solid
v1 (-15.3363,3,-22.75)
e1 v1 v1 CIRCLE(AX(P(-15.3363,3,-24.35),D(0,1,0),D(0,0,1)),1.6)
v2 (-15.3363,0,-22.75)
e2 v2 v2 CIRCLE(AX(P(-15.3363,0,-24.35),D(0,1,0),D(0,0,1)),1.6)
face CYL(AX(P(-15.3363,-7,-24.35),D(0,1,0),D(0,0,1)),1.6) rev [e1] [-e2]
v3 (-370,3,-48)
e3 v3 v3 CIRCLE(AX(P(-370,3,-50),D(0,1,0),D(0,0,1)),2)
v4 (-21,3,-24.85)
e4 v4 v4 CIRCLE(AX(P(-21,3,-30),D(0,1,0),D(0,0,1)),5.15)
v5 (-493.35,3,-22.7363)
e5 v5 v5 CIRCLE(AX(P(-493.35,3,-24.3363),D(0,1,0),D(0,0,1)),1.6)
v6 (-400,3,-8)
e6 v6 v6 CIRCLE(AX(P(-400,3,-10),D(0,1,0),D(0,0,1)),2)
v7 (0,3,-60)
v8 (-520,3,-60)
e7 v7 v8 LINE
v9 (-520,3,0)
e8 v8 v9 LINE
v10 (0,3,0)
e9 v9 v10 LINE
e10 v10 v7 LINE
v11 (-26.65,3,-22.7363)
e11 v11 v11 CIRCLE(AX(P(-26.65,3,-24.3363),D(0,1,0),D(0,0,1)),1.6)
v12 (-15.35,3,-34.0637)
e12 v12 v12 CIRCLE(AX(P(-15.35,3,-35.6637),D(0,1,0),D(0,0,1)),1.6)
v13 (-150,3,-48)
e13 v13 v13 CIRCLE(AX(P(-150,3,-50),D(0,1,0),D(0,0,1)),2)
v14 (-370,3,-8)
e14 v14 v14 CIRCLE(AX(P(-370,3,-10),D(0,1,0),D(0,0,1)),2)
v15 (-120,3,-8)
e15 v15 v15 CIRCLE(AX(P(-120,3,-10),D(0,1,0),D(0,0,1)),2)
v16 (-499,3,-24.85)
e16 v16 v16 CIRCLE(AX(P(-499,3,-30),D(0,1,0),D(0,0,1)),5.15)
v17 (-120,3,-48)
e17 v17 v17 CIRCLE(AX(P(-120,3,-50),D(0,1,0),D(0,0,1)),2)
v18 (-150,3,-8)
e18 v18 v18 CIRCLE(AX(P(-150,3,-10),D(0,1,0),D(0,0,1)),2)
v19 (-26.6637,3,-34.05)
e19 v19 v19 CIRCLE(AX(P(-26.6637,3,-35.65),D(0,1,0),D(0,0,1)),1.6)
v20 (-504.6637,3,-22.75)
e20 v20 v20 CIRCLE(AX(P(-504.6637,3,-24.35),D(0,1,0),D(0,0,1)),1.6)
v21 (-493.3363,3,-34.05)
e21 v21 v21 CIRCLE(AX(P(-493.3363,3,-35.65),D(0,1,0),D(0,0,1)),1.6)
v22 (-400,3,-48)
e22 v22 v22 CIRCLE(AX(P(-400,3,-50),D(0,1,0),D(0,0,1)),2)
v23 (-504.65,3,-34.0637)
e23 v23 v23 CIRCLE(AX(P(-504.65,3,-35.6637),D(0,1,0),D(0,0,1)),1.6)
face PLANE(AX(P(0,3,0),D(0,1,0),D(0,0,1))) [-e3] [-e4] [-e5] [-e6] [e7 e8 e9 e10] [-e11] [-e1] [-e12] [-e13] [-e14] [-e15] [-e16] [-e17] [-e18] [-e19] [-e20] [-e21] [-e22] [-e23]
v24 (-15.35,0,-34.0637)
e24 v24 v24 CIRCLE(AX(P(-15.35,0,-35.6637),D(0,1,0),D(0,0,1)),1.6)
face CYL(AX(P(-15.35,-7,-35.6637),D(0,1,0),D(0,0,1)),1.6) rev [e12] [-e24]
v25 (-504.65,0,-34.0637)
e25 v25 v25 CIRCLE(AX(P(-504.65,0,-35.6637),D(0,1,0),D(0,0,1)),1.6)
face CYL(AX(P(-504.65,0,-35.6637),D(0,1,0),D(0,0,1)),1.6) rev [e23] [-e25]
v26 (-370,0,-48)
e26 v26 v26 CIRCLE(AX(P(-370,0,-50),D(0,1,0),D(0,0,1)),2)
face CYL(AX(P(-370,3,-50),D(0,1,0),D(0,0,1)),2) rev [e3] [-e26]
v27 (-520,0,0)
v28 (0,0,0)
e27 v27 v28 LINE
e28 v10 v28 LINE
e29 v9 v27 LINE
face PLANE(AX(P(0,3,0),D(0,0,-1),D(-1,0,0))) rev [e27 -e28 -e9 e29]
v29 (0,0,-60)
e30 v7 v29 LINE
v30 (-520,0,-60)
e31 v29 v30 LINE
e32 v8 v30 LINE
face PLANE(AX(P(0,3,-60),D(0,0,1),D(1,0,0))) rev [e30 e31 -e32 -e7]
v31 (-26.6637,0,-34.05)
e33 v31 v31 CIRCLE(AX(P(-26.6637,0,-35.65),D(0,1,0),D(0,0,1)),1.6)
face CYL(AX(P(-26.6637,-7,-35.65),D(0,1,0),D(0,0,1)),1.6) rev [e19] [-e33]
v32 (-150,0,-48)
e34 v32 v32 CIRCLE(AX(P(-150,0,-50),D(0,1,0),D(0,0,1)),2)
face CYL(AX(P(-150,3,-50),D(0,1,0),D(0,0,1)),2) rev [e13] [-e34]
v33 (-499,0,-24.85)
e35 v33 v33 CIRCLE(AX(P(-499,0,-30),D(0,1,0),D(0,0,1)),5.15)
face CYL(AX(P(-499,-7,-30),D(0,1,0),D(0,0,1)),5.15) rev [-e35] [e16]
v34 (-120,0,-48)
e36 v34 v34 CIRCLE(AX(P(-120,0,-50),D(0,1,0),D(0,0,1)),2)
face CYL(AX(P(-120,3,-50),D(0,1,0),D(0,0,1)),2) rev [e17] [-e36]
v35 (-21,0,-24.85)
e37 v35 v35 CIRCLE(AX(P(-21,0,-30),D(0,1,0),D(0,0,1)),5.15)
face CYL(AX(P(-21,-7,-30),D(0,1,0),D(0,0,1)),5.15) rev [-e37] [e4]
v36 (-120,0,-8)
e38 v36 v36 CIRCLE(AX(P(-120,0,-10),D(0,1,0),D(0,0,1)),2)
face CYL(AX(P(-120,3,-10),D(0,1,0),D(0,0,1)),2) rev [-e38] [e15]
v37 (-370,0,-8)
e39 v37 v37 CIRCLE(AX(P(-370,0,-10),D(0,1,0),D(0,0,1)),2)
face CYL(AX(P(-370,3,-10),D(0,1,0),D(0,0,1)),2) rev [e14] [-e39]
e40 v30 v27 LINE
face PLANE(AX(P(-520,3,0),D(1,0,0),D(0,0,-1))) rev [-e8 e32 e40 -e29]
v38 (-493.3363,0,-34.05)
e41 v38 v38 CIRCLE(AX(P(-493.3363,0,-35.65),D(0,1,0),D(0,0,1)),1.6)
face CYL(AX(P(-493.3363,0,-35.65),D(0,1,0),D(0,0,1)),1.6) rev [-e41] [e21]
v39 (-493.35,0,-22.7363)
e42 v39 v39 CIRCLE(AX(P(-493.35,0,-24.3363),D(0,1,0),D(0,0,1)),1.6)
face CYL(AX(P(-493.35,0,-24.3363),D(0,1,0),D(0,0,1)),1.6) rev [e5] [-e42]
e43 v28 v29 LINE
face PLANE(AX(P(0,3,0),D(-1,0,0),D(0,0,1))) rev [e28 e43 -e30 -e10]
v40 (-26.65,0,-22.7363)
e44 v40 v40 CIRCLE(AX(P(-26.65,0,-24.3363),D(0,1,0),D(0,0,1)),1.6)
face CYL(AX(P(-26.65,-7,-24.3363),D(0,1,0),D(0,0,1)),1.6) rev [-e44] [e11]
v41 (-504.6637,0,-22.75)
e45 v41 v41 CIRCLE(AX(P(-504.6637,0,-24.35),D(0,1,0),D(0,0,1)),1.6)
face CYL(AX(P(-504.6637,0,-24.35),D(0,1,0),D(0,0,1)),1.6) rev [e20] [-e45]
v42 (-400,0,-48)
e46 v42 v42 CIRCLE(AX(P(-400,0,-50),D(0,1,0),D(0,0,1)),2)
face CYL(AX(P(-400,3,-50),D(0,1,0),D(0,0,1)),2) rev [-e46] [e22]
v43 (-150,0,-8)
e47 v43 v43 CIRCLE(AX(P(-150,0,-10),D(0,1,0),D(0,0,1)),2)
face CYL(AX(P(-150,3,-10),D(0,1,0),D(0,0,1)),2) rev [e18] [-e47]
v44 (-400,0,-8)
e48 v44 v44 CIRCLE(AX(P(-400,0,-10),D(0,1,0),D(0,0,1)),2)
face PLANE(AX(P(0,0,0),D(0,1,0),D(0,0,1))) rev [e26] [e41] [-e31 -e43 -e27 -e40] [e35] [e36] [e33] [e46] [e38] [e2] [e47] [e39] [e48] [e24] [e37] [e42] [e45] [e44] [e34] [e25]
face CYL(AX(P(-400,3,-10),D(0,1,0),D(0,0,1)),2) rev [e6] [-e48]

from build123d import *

# Parameters (mm, degrees)
SZKIC1_W                    = 520
SZKIC1_H                    = 60
DODANIE_WYCI_GNI_CIE1_DEPTH = 3
OTW_R_POD_RUB_M41_D         = 4
SZKIC8_R                    = 5.15
WYTNIJ_WYCI_GNI_CIE1_DEPTH  = 10
SZKIC9_R                    = 1.6
WYTNIJ_WYCI_GNI_CIE2_DEPTH  = 524.45868987
SZKIC10_R                   = 1.6
WYTNIJ_WYCI_GNI_CIE3_DEPTH  = 10


with BuildPart() as part:
    # Szkic1 → Dodanie-wyciągnięcie1 (new body)
    with BuildSketch(Plane(origin=(0, 0, 0), x_dir=(1, 0, 0), z_dir=(0, 1, 0))):
        with Locations((-260, 30)):
            Rectangle(SZKIC1_W, SZKIC1_H)
    extrude(amount=DODANIE_WYCI_GNI_CIE1_DEPTH)

    # Otwór pod śrubę M41 (through all)
    with Locations(Plane(origin=(0, 3, 0), x_dir=(1, 0, 0), z_dir=(0, 1, 0))):
        with Locations((-400, 50), (-370, 50), (-400, 10), (-370, 10), (-150, 50), (-120, 50), (-150, 10), (-120, 10)):
            Hole(OTW_R_POD_RUB_M41_D / 2)

    # Szkic8 → Wytnij-wyciągnięcie1 (cut)
    with BuildSketch(Plane(origin=(0, 3, 0), x_dir=(1, 0, 0), z_dir=(0, 1, 0))):
        with Locations(Location((-21, 30, 0), (0, 0, 270))):
            Circle(SZKIC8_R)
        with Locations(Location((-499, 30, 0), (0, 0, 270))):
            Circle(SZKIC8_R)
    extrude(amount=-WYTNIJ_WYCI_GNI_CIE1_DEPTH, mode=Mode.SUBTRACT)

    # Szkic9 → Wytnij-wyciągnięcie2 (cut, through all)
    with BuildSketch(Plane(origin=(0, 3, 0), x_dir=(1, 0, 0), z_dir=(0, 1, 0))):
        with Locations(Location((-504.65, 35.663700204, 0), (0, 0, 270))):
            Circle(SZKIC9_R)
        with Locations(Location((-493.336299796, 35.65, 0), (0, 0, 270))):
            Circle(SZKIC9_R)
        with Locations(Location((-493.35, 24.336299796, 0), (0, 0, 270))):
            Circle(SZKIC9_R)
        with Locations(Location((-504.663700204, 24.35, 0), (0, 0, 270))):
            Circle(SZKIC9_R)
    extrude(amount=-WYTNIJ_WYCI_GNI_CIE2_DEPTH, mode=Mode.SUBTRACT)

    # Szkic10 → Wytnij-wyciągnięcie3 (cut)
    with BuildSketch(Plane(origin=(0, 3, 0), x_dir=(1, 0, 0), z_dir=(0, 1, 0))):
        with Locations(Location((-15.35, 35.663700204, 0), (0, 0, 270))):
            Circle(SZKIC10_R)
        with Locations(Location((-15.336299796, 24.35, 0), (0, 0, 270))):
            Circle(SZKIC10_R)
        with Locations(Location((-26.65, 24.336299796, 0), (0, 0, 270))):
            Circle(SZKIC10_R)
        with Locations(Location((-26.663700204, 35.65, 0), (0, 0, 270))):
            Circle(SZKIC10_R)
    extrude(amount=-WYTNIJ_WYCI_GNI_CIE3_DEPTH, mode=Mode.SUBTRACT)


solid = part.part
